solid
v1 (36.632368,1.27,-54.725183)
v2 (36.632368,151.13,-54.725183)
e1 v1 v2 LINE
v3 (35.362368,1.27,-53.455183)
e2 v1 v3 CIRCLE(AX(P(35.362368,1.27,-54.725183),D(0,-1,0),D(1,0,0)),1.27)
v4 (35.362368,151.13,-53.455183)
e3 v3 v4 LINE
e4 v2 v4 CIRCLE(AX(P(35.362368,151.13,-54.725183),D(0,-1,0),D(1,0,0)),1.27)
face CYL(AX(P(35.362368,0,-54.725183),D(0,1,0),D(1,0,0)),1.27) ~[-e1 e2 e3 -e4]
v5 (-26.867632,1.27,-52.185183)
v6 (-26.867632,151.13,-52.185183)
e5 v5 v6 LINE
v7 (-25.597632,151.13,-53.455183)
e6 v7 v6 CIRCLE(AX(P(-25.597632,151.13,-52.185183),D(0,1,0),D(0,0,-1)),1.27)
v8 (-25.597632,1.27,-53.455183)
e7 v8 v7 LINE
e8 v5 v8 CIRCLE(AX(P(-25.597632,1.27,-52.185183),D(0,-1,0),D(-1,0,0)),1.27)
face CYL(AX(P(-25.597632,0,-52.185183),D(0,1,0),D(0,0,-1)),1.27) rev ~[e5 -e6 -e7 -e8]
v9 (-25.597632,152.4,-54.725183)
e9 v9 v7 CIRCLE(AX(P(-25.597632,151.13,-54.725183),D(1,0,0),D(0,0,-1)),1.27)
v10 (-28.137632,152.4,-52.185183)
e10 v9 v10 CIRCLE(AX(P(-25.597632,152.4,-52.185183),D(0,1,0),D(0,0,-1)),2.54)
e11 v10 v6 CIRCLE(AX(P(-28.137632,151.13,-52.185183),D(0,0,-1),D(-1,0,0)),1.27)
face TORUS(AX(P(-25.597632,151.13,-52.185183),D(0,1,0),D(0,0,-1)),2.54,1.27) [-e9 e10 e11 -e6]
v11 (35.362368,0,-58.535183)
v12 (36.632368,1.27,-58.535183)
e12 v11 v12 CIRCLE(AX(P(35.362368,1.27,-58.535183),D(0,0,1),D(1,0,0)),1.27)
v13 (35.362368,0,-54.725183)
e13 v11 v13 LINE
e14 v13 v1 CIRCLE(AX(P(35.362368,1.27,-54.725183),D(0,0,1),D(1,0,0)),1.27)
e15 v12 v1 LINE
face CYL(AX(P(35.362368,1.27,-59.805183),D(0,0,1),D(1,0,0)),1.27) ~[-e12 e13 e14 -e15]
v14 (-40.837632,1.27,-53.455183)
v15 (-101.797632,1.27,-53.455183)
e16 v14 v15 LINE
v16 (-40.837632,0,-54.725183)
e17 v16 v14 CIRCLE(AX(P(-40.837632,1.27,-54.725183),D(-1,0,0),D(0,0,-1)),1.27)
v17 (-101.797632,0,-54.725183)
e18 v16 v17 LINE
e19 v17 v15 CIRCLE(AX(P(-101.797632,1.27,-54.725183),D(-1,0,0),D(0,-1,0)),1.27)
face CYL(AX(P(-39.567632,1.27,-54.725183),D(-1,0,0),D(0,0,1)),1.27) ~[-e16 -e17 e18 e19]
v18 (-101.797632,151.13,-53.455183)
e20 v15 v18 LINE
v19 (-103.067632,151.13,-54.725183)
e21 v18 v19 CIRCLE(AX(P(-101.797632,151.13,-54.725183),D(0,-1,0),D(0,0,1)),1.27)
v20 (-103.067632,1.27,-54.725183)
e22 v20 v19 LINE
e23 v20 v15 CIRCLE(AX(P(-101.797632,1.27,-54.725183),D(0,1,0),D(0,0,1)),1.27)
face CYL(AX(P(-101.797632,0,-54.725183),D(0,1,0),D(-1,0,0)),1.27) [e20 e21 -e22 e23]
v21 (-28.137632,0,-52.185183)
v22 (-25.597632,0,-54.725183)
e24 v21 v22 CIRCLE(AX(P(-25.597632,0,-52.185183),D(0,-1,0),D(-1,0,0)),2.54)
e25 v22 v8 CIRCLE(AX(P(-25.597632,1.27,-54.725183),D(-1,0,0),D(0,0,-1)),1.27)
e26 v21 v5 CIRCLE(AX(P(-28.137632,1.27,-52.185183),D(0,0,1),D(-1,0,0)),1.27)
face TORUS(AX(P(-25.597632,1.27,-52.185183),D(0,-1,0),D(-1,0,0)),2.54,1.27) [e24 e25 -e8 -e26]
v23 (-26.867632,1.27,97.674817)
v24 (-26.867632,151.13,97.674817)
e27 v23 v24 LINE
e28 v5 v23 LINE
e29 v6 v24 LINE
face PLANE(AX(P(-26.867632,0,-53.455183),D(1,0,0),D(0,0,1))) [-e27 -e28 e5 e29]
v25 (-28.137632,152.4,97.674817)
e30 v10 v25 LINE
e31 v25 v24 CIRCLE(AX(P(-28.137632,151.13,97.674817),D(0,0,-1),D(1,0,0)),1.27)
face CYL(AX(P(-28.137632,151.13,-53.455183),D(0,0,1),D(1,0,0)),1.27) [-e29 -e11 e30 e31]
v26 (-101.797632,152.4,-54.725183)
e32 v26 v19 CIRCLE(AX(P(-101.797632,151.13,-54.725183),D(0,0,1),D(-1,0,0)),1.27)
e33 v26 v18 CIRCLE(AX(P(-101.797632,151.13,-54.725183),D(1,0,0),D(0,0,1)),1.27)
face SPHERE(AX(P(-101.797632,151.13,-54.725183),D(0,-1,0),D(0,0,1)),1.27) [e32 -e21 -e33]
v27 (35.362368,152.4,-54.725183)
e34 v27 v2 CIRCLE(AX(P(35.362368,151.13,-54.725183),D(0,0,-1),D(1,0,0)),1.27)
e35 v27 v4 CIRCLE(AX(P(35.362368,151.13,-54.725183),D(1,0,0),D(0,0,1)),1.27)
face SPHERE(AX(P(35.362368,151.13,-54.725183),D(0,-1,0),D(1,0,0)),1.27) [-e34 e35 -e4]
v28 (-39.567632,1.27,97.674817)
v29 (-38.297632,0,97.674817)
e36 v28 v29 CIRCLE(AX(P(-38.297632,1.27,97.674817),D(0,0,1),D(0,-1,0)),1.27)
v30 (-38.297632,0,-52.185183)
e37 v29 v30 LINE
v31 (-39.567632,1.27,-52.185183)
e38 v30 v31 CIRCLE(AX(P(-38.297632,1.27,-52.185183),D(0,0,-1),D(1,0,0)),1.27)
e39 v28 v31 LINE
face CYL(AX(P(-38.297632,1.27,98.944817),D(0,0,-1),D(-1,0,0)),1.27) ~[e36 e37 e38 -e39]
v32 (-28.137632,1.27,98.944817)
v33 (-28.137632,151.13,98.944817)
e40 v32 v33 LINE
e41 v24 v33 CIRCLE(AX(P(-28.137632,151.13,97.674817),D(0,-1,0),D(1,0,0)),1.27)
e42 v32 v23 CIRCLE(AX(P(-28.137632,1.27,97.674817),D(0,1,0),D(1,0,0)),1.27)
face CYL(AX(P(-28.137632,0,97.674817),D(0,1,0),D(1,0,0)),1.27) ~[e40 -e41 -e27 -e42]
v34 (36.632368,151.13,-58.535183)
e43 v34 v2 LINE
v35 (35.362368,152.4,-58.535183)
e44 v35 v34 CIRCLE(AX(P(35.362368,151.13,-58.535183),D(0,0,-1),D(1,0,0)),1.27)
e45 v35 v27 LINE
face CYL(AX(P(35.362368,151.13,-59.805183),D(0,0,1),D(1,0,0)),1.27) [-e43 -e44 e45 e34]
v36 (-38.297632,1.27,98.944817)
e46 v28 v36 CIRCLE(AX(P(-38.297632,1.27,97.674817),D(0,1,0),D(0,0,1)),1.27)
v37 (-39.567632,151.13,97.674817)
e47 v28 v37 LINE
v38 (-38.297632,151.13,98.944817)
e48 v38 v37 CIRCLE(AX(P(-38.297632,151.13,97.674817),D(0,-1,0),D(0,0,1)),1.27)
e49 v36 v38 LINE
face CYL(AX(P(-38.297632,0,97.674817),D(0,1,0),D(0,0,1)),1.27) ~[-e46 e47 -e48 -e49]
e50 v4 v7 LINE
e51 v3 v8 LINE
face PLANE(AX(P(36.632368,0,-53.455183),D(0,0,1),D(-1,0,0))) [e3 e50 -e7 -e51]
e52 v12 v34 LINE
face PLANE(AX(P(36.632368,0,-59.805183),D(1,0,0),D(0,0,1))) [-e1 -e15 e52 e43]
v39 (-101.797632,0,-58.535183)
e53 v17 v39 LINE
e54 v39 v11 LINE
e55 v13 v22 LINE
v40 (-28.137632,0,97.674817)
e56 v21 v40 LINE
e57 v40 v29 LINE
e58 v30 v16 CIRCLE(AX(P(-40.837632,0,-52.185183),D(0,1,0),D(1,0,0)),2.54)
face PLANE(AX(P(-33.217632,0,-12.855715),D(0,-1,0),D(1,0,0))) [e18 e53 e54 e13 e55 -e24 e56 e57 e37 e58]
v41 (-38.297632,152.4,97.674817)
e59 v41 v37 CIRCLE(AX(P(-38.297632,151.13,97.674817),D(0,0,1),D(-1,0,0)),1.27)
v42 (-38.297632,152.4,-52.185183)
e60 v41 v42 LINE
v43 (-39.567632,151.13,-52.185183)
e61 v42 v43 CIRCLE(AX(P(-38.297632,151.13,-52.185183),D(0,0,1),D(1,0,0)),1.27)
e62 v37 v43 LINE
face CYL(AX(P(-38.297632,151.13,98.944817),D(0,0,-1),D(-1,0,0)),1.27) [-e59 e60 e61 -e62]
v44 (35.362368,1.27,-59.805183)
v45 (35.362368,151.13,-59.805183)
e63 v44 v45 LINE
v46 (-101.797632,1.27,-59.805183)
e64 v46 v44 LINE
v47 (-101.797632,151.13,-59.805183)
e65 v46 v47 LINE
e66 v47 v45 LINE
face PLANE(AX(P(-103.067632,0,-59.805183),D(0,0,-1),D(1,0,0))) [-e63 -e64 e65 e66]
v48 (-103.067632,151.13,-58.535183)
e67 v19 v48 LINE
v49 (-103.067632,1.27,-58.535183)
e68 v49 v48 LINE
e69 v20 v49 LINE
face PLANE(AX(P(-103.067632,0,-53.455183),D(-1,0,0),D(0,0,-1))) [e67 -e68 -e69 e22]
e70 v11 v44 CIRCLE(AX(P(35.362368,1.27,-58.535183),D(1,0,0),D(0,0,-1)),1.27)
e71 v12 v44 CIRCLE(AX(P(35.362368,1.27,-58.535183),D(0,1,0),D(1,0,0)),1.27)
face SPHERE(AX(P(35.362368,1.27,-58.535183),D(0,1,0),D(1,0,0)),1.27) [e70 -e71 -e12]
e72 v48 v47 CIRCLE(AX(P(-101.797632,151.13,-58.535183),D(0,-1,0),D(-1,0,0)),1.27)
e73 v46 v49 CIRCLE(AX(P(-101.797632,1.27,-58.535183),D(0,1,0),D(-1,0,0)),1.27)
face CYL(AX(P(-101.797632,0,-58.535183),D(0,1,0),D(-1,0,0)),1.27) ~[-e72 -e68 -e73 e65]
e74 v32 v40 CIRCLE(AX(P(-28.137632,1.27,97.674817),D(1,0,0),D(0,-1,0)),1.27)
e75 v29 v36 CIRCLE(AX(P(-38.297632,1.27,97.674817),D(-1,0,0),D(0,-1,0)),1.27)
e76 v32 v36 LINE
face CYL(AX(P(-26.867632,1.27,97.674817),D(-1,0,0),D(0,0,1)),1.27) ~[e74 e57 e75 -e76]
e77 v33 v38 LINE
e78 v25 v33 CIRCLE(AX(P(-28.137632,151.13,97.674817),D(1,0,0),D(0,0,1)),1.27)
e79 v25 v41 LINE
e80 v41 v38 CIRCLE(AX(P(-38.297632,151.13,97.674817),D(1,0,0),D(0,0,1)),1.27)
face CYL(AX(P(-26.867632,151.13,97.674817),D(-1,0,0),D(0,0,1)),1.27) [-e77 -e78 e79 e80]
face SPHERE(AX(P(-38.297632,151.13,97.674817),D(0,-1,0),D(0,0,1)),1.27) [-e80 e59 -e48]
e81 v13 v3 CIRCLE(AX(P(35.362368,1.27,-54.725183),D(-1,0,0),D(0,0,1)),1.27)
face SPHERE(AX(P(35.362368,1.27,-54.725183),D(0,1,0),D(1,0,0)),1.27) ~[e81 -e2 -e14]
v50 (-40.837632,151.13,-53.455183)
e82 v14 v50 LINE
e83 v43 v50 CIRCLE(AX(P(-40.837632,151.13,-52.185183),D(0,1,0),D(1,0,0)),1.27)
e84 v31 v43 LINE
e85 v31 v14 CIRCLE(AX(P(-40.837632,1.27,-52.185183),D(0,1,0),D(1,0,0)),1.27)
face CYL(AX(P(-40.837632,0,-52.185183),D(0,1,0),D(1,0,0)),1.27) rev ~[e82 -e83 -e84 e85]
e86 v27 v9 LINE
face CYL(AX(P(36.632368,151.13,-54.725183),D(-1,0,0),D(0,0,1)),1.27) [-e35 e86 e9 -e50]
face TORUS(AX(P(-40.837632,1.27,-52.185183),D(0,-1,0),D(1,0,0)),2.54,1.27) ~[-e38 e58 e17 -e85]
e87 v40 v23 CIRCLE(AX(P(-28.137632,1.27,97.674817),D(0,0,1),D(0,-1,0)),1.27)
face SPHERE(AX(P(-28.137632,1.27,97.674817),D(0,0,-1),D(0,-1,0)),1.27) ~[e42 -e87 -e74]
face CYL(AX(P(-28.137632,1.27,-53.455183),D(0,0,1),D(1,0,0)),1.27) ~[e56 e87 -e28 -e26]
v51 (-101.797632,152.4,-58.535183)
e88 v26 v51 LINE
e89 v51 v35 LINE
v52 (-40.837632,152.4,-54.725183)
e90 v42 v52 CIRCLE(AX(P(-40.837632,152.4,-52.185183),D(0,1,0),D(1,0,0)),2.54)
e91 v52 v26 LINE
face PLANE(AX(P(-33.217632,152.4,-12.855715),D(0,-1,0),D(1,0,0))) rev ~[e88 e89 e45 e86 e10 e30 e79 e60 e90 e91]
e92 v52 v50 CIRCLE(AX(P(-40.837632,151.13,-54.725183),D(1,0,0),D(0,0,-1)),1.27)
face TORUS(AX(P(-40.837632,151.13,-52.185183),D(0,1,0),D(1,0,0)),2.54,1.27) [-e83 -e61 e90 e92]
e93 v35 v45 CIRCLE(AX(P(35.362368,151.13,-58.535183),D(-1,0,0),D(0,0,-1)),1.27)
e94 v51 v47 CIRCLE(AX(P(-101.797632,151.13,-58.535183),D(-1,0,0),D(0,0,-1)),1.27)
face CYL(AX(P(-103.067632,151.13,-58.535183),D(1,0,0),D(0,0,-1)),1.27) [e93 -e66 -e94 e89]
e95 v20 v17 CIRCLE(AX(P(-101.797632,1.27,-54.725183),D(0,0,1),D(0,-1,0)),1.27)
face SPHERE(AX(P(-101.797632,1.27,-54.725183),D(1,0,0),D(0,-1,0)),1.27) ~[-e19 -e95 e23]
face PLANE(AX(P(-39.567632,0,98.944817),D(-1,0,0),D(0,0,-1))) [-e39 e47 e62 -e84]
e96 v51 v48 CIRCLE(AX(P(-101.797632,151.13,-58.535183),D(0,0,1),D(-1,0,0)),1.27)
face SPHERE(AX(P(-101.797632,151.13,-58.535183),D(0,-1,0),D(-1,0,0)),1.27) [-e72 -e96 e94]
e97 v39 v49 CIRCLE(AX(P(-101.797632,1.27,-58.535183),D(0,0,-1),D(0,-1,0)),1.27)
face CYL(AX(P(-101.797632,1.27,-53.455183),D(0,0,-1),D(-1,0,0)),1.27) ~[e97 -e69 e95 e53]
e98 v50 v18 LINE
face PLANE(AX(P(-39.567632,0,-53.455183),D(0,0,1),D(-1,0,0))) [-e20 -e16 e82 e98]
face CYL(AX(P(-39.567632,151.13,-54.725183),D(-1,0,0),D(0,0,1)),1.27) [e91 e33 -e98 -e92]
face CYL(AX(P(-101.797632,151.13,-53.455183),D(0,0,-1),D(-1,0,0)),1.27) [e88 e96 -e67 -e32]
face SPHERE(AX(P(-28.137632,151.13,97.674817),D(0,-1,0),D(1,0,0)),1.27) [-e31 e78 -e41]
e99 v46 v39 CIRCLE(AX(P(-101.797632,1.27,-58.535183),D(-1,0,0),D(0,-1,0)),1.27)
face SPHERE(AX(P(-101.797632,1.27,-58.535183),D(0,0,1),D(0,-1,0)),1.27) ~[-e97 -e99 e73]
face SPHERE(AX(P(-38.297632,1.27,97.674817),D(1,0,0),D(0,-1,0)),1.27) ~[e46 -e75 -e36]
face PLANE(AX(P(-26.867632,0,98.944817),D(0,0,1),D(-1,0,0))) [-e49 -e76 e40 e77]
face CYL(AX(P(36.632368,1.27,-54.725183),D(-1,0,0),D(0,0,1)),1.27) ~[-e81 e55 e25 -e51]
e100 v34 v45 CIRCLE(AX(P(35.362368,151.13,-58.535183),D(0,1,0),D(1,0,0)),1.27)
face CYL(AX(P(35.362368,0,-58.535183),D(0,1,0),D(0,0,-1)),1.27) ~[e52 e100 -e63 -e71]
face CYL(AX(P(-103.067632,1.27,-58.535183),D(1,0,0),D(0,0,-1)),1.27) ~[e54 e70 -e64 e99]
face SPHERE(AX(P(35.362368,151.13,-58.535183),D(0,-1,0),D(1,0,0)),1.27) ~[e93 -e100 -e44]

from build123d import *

# Parameters (mm, degrees)
F1_DEPTH = 152.4
F2_R     = 1.27


with BuildPart() as f1:
    # F0 (on Front) → F1 (new body)
    with BuildSketch(Plane.XZ):
        Polygon((-103.067632, -53.455183), (-103.067632, -59.805183), (36.632368, -59.805183), (36.632368, -53.455183), (-26.867632, -53.455183), (-26.867632, 98.944817), (-39.567632, 98.944817), (-39.567632, -53.455183), align=None)
    extrude(amount=-F1_DEPTH)

    # F2
    f2_edges = [f1.edges().sort_by_distance(p)[0] for p in [
        (36.632368, 76.2, -59.805183),
        (36.632368, 76.2, -53.455183),
        (36.632368, 0, -56.630183),
        (36.632368, 152.4, -56.630183),
        (-26.867632, 0, 22.744817),
        (-33.217632, 0, 98.944817),
        (-39.567632, 0, 22.744817),
        (-71.317632, 0, -53.455183),
        (-103.067632, 0, -56.630183),
        (-33.217632, 0, -59.805183),
        (4.882368, 0, -53.455183),
        (-26.867632, 76.2, -53.455183),
        (4.882368, 152.4, -53.455183),
        (-26.867632, 76.2, 98.944817),
        (-26.867632, 152.4, 22.744817),
        (-39.567632, 76.2, 98.944817),
        (-33.217632, 152.4, 98.944817),
        (-39.567632, 76.2, -53.455183),
        (-39.567632, 152.4, 22.744817),
        (-103.067632, 76.2, -53.455183),
        (-71.317632, 152.4, -53.455183),
        (-103.067632, 76.2, -59.805183),
        (-103.067632, 152.4, -56.630183),
        (-33.217632, 152.4, -59.805183),
    ]]
    fillet(f2_edges, radius=F2_R)


solid = f1.part
